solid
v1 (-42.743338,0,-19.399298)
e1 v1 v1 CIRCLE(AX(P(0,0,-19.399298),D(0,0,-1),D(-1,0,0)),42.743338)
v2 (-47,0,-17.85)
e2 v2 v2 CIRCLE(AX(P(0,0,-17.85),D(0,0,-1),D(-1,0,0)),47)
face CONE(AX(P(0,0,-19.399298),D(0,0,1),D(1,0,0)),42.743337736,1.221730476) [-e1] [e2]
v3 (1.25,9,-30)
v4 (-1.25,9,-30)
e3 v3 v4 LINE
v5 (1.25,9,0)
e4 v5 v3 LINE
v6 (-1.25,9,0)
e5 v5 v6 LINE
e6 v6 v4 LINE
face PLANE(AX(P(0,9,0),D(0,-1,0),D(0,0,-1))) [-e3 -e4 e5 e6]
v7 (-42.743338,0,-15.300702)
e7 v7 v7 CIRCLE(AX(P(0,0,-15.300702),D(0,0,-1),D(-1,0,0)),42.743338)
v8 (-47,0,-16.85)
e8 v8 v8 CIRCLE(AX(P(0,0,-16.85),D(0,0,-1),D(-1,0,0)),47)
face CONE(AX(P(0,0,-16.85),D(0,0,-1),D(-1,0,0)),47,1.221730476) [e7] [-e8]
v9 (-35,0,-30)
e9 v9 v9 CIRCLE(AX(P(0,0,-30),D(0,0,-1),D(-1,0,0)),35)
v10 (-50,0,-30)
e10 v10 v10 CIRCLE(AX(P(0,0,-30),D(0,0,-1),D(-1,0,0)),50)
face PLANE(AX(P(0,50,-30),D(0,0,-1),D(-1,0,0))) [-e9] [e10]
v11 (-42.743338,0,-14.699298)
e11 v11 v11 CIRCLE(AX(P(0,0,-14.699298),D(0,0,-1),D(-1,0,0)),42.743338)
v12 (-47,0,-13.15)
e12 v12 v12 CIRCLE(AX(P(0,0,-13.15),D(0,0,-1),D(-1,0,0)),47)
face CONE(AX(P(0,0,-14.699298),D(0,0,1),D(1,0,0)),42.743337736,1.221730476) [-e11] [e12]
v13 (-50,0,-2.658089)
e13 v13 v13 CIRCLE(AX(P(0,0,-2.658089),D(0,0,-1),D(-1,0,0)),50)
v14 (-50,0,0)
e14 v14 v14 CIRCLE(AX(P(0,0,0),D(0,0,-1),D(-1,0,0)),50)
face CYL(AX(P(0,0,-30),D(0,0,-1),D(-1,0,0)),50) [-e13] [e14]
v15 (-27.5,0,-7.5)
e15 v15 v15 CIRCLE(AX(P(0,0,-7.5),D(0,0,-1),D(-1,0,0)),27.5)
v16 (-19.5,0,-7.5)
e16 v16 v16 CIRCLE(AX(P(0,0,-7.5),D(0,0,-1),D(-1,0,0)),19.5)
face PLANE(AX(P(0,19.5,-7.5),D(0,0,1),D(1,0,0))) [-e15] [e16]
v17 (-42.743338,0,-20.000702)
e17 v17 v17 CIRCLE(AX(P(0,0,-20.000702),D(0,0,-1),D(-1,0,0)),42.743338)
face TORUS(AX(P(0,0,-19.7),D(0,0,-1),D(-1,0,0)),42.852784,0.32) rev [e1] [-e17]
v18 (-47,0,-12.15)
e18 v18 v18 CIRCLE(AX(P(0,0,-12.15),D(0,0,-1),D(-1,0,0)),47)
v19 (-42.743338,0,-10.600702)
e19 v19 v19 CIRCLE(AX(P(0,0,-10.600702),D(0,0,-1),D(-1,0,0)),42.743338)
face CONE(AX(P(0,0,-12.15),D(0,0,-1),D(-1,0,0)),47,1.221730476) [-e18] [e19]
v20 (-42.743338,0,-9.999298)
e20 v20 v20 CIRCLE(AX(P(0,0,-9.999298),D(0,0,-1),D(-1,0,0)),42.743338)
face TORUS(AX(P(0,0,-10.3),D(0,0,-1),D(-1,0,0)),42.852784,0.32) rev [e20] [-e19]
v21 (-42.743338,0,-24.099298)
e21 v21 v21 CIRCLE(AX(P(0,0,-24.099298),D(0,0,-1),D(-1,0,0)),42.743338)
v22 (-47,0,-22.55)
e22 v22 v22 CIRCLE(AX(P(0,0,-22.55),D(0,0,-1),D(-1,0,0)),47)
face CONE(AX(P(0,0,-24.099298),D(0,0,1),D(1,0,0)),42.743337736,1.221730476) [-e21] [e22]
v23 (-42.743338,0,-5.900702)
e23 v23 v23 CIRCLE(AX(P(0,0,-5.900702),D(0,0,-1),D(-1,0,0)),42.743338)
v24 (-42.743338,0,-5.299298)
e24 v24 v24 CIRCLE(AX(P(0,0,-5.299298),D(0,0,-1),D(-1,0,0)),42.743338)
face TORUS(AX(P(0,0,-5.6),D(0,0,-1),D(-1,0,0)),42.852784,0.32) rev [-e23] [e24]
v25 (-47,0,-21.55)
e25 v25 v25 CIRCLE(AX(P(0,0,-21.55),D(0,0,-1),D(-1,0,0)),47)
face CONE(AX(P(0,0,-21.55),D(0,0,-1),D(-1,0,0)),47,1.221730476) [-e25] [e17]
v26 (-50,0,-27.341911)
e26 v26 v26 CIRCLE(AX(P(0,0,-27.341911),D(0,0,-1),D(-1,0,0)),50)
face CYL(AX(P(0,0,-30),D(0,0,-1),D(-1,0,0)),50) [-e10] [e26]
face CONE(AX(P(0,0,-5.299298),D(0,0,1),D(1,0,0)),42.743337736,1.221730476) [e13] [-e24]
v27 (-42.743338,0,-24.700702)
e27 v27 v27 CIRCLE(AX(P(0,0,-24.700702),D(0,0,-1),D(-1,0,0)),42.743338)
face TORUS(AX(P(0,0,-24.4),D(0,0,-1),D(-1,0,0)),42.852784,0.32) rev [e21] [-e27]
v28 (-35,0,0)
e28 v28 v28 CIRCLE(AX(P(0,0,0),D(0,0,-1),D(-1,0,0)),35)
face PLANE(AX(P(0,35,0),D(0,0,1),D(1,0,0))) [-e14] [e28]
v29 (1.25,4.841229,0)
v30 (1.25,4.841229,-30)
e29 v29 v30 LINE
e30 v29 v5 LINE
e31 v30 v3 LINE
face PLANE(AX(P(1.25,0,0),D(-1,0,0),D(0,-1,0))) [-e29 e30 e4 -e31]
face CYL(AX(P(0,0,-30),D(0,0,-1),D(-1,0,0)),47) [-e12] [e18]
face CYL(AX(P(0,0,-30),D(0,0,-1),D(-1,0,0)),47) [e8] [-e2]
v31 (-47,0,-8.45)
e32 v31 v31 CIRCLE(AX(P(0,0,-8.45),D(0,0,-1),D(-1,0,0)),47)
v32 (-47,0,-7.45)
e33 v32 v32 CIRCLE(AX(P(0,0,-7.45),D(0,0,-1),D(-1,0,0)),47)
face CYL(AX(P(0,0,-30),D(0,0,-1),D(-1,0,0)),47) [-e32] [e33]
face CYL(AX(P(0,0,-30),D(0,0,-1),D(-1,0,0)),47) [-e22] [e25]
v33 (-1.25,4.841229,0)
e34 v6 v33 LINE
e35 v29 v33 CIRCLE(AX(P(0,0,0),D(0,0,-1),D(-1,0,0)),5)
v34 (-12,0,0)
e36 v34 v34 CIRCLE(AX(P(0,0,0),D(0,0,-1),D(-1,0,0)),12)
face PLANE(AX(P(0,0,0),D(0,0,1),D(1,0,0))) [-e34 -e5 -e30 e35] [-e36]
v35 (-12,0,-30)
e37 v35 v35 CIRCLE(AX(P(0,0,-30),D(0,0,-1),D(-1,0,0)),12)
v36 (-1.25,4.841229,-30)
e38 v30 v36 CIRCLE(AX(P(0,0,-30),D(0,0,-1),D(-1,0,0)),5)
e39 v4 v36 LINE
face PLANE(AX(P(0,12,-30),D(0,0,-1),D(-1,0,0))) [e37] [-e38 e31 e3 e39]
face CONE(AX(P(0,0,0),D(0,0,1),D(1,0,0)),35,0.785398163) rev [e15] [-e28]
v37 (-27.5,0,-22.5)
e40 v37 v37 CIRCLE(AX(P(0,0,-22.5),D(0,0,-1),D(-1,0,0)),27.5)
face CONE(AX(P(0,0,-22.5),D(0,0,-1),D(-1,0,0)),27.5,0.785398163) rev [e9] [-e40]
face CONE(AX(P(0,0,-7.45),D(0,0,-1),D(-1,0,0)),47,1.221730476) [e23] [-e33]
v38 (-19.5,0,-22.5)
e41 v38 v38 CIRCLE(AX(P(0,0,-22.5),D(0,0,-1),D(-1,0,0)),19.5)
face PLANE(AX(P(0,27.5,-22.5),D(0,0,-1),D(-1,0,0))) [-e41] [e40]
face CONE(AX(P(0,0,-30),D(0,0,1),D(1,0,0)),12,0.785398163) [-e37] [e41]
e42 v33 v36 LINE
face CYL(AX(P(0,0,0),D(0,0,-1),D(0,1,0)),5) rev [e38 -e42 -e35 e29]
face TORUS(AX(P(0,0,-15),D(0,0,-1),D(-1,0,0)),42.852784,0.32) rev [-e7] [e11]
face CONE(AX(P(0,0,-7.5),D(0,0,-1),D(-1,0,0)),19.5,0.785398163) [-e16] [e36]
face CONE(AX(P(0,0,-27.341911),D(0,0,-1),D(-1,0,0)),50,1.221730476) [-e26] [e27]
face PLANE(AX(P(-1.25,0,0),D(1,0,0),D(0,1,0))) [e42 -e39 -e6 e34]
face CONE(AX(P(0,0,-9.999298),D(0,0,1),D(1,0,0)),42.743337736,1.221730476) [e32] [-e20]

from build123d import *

# Parameters (mm, degrees)
CUT_EXTRUDE_1_DEPTH = 77.811457479


with BuildPart() as part:
    # Эскиз1 → Повернуть1 (revolve)
    with BuildSketch(Plane(origin=(0, 0, 0), x_dir=(0, 0, -1), z_dir=(1, 0, 0)), mode=Mode.PRIVATE) as revolve_1_sk:
        with BuildLine():
            Line((0, 0), (0, 12))
            Line((0, 12), (7.5, 19.5))
            Line((7.5, 19.5), (7.5, 27.5))
            Line((7.5, 27.5), (0, 35))
            Line((0, 35), (0, 50))
            Line((0, 50), (2.658089297, 50))
            Line((2.658089297, 50), (5.299298361, 42.743337736))
            ThreePointArc((5.299298361, 42.743337736), (5.6, 42.532784182), (5.900701639, 42.743337736))
            Line((5.900701639, 42.743337736), (7.45, 47))
            Line((7.45, 47), (8.45, 47))
            Line((8.45, 47), (9.999298361, 42.743337736))
            ThreePointArc((9.999298361, 42.743337736), (10.3, 42.532784182), (10.600701639, 42.743337736))
            Line((10.600701639, 42.743337736), (12.15, 47))
            Line((12.15, 47), (13.15, 47))
            Line((13.15, 47), (14.699298361, 42.743337736))
            ThreePointArc((14.699298361, 42.743337736), (15, 42.532784182), (15.300701639, 42.743337736))
            Line((15.300701639, 42.743337736), (16.85, 47))
            Line((16.85, 47), (17.85, 47))
            Line((17.85, 47), (19.399298361, 42.743337736))
            ThreePointArc((19.399298361, 42.743337736), (19.7, 42.532784182), (20.000701639, 42.743337736))
            Line((20.000701639, 42.743337736), (21.55, 47))
            Line((21.55, 47), (22.55, 47))
            Line((22.55, 47), (24.099298361, 42.743337736))
            ThreePointArc((24.099298361, 42.743337736), (24.4, 42.532784182), (24.700701639, 42.743337736))
            Line((24.700701639, 42.743337736), (27.341910703, 50))
            Line((27.341910703, 50), (30, 50))
            Line((30, 50), (30, 35))
            Line((30, 35), (22.5, 27.5))
            Line((22.5, 27.5), (22.5, 19.5))
            Line((22.5, 19.5), (30, 12))
            Line((30, 12), (30, 0))
            Line((30, 0), (0, 0))
        make_face()
    revolve(revolve_1_sk.sketch.rotate(Axis((0, 0, -30), (0, 0, 1)), 90), axis=Axis((0, 0, -30), (0, 0, 1)))

    # Эскиз2 → Вырез-Вытянуть1 (cut, through all)
    with BuildSketch(Plane(origin=(0, 0, -30), x_dir=(-1, 0, 0), z_dir=(0, 0, -1))):
        with BuildLine():
            Line((-1.25, 9), (-1.25, 4.841229183))
            ThreePointArc((-1.25, 4.841229183), (0, -5), (1.25, 4.841229183))
            Line((1.25, 4.841229183), (1.25, 9))
            Line((1.25, 9), (-1.25, 9))
        make_face()
    extrude(amount=-CUT_EXTRUDE_1_DEPTH, mode=Mode.SUBTRACT)


solid = part.part
